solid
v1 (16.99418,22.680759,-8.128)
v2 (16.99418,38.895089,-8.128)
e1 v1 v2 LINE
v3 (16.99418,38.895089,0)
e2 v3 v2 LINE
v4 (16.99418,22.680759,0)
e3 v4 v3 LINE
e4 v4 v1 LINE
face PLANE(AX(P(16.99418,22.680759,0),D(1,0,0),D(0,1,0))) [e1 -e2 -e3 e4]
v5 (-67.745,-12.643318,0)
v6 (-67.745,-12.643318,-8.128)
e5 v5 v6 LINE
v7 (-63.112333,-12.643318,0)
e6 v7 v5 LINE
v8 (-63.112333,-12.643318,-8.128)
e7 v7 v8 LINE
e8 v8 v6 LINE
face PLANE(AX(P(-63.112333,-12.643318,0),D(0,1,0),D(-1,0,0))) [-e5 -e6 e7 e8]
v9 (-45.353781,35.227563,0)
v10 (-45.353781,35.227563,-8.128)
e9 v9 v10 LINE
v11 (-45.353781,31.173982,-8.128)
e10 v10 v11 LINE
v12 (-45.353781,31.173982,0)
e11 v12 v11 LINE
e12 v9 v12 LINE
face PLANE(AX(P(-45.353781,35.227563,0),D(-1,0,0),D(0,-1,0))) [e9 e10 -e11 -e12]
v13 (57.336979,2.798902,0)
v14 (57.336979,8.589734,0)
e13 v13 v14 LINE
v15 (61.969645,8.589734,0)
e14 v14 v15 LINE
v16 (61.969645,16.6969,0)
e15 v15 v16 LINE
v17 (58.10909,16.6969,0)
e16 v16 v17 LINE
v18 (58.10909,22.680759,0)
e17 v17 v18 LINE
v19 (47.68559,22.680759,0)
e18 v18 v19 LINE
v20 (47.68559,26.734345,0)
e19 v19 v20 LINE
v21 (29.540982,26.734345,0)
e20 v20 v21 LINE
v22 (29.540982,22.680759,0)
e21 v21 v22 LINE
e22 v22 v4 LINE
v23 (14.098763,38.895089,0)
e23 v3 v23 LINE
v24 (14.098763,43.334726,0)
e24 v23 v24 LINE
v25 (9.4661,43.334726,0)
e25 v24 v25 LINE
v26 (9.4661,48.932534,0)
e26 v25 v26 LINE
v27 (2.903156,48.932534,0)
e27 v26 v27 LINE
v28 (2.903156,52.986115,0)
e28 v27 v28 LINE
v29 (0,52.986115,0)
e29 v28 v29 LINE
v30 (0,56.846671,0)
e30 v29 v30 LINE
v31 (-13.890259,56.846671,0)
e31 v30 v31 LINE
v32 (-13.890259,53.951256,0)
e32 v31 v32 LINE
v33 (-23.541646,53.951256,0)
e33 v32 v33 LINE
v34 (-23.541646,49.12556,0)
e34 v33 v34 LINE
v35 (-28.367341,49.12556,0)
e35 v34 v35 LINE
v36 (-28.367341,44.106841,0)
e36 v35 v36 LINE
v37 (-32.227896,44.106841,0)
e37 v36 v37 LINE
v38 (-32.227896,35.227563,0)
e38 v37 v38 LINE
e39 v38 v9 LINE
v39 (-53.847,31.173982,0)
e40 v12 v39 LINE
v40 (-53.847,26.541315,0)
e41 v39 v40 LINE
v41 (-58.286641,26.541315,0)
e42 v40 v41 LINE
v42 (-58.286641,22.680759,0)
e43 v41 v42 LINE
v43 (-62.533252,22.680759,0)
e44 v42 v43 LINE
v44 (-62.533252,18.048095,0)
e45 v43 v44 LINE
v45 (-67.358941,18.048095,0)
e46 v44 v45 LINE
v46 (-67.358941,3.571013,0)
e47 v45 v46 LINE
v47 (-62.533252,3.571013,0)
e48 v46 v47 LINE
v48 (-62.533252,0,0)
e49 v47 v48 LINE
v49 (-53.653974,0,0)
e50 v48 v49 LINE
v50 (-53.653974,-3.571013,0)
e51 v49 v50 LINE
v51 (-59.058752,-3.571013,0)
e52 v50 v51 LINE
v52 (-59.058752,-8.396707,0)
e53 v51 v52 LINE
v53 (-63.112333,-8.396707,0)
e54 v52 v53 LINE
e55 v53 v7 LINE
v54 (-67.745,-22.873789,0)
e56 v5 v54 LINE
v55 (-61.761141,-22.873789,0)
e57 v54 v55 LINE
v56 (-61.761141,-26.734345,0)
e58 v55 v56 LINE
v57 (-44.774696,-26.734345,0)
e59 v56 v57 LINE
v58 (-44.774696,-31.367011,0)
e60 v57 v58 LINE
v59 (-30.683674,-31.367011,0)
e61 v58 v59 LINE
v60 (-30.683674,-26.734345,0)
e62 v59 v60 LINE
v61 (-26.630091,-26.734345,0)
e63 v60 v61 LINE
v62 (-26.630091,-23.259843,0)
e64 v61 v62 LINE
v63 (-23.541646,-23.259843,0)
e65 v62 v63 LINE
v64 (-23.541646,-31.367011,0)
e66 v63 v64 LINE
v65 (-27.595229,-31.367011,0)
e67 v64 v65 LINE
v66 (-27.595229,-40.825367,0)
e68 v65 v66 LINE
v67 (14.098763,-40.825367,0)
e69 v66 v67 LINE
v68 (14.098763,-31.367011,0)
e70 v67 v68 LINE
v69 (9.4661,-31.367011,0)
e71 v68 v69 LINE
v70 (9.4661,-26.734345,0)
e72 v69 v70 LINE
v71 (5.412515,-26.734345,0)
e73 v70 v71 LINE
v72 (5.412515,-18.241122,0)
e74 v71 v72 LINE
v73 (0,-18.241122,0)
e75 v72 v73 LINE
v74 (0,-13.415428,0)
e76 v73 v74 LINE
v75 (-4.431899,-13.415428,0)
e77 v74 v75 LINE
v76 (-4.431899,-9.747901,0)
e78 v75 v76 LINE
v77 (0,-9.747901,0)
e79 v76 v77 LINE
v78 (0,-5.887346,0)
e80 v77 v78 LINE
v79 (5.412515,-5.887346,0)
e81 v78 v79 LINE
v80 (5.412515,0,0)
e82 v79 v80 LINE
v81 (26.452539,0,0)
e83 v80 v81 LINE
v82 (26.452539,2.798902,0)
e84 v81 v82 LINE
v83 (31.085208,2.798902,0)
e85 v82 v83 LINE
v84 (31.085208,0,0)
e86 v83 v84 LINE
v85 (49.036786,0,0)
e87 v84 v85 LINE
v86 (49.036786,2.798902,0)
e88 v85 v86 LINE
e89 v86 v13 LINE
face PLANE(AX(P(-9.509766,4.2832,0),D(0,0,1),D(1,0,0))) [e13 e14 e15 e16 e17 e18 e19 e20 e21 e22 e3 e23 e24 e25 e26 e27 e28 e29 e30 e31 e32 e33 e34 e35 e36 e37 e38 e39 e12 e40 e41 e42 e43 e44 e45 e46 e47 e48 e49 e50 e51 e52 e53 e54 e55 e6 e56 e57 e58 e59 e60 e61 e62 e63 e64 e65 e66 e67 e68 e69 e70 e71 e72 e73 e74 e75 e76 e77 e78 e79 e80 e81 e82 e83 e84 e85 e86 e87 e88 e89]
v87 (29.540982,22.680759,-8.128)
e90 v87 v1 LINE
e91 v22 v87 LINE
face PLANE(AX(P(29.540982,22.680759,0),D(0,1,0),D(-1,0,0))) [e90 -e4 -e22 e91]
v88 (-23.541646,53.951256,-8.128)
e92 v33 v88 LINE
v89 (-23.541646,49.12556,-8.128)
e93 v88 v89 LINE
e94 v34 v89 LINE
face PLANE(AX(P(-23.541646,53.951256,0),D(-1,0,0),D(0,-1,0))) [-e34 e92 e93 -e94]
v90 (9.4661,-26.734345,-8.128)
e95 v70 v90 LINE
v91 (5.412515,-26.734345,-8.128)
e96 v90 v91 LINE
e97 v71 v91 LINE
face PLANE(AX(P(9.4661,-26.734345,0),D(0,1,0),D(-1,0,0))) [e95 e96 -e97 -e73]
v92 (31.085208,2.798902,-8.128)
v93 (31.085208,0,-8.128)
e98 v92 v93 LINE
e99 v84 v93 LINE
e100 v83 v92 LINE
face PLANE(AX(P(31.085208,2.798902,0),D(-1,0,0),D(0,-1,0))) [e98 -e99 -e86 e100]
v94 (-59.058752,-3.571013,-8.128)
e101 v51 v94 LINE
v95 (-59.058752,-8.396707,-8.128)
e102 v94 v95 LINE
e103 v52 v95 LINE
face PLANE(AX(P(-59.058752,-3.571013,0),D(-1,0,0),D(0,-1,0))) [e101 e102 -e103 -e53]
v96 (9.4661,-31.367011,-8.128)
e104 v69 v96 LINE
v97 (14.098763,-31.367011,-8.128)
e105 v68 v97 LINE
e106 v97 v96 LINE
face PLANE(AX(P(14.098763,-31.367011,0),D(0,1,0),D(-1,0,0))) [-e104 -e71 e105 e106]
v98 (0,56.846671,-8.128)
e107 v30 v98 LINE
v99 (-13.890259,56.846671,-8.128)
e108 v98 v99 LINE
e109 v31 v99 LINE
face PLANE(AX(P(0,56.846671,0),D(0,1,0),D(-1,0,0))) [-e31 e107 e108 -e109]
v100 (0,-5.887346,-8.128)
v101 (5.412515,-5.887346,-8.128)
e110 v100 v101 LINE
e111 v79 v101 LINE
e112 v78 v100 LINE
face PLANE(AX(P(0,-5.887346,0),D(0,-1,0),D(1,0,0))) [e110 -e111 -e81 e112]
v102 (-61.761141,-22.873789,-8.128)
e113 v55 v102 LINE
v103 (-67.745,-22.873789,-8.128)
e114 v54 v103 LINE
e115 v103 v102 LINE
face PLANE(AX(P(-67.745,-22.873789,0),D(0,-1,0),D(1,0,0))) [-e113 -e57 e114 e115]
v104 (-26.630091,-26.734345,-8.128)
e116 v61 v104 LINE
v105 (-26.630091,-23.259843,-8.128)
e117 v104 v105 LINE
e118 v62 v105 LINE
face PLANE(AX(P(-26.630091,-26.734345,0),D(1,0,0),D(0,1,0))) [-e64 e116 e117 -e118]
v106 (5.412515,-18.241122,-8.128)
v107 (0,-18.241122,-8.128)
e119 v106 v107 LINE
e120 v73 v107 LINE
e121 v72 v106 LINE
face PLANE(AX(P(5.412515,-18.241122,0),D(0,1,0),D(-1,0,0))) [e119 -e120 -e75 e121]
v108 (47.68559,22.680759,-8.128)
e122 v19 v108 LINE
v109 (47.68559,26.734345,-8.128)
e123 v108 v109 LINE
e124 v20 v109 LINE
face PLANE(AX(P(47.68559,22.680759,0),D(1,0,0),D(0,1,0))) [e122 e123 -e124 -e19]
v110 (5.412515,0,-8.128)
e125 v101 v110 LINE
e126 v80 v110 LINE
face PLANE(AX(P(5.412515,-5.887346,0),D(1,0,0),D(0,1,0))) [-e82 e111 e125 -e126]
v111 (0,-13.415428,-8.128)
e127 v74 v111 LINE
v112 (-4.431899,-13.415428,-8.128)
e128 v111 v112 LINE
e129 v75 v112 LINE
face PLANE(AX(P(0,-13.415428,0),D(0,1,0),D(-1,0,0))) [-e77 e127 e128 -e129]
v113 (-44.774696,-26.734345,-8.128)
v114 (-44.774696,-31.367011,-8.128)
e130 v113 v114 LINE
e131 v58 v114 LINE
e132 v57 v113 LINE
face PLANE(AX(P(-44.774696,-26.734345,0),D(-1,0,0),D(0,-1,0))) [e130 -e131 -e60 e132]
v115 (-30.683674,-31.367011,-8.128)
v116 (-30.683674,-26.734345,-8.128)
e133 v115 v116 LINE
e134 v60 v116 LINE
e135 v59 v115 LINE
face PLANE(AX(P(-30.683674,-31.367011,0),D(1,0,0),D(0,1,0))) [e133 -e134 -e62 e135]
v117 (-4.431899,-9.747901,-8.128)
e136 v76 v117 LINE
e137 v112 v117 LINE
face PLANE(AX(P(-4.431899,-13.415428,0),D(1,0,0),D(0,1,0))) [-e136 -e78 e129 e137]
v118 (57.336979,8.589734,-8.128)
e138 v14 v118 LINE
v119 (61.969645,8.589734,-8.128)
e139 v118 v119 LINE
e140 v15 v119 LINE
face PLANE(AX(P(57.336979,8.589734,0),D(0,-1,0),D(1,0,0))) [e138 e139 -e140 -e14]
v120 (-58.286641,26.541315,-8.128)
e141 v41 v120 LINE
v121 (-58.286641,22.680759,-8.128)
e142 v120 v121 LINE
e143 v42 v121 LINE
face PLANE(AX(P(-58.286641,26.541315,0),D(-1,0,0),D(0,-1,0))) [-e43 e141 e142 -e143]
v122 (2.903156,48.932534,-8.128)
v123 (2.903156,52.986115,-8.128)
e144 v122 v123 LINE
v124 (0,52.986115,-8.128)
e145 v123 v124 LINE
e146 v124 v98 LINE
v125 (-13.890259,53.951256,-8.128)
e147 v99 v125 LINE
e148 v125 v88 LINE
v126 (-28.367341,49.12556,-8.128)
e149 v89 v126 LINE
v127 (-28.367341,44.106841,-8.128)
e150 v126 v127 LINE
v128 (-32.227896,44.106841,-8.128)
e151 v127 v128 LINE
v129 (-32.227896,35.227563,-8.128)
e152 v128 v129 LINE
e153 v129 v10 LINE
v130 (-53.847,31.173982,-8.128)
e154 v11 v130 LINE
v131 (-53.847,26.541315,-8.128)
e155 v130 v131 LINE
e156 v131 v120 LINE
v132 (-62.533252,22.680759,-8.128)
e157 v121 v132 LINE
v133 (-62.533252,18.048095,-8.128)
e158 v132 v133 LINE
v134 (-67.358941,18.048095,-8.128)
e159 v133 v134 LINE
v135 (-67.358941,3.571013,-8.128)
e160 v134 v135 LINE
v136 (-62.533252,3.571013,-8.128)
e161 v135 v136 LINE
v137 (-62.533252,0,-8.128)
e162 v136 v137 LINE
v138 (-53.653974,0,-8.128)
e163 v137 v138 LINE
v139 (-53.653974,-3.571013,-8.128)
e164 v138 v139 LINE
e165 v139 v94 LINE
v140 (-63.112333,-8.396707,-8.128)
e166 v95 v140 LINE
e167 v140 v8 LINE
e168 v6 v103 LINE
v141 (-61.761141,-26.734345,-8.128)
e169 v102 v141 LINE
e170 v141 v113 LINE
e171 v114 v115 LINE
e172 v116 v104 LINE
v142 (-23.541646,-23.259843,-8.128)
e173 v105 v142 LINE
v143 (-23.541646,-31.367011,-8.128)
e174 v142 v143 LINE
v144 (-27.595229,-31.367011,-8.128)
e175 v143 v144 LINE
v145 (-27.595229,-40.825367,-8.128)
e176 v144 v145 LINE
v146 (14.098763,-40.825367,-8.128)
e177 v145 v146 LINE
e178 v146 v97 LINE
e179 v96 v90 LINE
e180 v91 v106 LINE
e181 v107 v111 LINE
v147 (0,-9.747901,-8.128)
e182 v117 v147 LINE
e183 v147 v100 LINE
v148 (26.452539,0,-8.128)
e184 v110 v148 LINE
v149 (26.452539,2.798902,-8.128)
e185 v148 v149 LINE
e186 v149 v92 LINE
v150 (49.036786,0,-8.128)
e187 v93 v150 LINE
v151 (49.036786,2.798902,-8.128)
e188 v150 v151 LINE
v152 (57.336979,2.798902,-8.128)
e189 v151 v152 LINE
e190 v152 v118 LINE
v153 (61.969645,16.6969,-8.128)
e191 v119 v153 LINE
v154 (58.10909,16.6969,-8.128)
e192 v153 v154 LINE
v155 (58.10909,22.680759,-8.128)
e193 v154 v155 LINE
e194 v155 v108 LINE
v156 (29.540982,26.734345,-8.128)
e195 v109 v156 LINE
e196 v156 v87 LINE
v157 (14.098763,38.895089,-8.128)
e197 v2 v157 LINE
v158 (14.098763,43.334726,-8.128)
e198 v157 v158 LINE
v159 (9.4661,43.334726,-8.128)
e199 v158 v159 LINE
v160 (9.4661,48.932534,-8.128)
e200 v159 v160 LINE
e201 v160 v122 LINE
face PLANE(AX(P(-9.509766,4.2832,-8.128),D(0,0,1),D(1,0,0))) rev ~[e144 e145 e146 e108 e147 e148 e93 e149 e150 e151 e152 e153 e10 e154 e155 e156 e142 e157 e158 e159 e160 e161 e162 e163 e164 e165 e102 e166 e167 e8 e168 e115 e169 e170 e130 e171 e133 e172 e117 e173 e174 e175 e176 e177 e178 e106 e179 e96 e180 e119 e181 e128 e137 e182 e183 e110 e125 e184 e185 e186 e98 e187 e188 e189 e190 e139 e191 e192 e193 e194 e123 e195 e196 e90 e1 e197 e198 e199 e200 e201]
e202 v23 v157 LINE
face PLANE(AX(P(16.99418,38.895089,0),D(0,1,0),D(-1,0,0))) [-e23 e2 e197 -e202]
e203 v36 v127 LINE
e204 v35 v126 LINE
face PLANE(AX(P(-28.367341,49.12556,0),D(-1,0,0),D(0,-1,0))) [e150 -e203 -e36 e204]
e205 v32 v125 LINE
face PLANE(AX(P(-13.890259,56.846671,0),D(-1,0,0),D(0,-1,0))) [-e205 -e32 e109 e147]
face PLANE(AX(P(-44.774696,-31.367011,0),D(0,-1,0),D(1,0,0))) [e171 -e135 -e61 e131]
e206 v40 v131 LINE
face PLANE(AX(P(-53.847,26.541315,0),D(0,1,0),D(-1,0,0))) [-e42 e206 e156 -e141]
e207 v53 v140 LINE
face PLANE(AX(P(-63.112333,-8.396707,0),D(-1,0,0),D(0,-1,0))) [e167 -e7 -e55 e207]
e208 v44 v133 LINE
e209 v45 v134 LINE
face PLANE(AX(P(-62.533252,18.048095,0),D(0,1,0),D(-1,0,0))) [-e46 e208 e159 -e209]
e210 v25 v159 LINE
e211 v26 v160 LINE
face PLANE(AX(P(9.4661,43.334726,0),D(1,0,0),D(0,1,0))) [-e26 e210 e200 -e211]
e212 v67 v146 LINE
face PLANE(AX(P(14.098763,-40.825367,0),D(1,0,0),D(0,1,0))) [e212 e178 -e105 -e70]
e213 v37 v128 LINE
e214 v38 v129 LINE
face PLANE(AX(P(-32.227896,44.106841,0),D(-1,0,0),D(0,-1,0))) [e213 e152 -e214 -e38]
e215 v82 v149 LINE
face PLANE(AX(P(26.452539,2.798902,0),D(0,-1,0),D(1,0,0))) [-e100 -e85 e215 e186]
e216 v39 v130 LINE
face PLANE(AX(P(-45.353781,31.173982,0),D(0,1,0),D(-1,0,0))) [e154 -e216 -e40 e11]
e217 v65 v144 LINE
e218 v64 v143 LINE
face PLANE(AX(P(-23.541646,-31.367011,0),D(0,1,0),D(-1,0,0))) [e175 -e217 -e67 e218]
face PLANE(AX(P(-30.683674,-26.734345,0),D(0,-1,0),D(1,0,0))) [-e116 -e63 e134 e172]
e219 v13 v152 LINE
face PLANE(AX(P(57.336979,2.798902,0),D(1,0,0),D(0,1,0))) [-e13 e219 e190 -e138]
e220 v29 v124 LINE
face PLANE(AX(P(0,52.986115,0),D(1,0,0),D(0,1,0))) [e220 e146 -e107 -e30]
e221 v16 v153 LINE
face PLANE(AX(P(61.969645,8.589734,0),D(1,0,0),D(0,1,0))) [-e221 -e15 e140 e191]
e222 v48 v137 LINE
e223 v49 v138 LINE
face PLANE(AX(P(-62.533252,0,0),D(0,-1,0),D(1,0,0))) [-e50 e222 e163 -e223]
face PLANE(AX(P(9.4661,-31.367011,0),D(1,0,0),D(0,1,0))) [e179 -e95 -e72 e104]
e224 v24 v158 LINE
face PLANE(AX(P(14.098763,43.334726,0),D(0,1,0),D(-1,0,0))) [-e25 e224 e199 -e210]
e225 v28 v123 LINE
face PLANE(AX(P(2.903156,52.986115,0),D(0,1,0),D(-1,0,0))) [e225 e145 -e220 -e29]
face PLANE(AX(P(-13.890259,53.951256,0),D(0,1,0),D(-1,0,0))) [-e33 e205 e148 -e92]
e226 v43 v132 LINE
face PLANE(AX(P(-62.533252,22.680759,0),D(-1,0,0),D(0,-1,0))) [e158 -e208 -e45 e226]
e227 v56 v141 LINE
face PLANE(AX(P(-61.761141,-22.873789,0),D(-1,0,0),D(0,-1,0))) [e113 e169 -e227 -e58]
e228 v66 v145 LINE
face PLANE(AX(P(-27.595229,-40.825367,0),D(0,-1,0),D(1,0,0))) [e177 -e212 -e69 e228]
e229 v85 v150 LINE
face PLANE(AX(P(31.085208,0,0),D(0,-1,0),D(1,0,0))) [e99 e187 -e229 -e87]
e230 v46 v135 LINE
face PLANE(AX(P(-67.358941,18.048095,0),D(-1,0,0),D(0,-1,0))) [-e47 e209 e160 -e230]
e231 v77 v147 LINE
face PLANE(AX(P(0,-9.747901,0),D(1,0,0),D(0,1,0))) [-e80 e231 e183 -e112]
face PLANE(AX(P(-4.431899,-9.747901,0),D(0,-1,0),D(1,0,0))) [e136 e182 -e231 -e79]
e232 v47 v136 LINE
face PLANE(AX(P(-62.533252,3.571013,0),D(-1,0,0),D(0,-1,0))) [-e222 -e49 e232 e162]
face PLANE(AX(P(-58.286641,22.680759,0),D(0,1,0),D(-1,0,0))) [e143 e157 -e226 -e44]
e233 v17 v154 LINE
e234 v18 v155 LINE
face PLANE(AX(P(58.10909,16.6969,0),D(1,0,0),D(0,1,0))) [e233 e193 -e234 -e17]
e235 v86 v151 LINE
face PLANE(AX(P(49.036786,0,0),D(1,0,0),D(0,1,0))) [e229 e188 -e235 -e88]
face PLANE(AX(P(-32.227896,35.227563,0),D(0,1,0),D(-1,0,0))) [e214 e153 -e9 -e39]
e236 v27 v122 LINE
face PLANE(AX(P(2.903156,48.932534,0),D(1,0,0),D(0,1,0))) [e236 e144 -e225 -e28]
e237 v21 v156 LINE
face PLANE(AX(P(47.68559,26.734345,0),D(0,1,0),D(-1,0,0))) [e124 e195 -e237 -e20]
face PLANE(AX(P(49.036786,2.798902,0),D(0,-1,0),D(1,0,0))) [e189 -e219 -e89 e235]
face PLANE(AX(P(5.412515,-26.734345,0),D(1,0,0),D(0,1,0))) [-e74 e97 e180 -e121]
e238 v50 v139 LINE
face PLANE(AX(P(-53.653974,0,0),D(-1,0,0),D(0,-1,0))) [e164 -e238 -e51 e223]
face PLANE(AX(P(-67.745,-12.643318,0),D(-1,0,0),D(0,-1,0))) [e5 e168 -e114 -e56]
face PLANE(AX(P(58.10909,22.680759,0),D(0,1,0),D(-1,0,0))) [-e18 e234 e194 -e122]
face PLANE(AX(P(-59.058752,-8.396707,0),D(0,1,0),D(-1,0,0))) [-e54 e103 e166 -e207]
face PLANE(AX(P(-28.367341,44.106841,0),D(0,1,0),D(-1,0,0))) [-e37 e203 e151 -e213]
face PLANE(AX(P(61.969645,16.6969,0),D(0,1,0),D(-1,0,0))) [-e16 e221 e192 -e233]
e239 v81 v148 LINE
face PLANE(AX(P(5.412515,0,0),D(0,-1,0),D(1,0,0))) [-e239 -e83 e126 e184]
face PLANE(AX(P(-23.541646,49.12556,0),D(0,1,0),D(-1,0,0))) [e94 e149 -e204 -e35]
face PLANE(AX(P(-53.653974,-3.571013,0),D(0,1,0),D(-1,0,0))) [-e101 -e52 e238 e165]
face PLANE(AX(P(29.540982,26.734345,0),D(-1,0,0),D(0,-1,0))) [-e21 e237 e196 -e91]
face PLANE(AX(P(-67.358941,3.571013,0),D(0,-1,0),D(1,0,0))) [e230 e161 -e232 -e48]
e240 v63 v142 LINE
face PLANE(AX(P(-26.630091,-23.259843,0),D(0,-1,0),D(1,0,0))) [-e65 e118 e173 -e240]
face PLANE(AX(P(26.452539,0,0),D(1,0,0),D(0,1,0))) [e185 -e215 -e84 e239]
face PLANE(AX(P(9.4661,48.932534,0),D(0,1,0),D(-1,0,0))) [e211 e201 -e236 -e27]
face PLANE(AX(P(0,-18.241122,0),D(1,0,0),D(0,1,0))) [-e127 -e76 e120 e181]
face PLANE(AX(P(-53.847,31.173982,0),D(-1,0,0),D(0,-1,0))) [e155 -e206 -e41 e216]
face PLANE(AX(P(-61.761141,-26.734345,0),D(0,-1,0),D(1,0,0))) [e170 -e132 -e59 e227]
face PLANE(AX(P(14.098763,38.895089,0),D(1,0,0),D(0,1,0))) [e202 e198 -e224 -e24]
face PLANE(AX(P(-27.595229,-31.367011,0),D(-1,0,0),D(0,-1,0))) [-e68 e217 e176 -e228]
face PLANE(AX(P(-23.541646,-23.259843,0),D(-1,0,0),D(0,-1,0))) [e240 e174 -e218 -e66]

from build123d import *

# Parameters (mm, degrees)
F1_DEPTH = 8.128


with BuildPart() as f1:
    # F0 (on Top) → F1 (new body)
    with BuildSketch(Plane.XY):
        Polygon((0, 56.846671), (-13.890259, 56.846671), (-13.890259, 53.951256), (-23.541646, 53.951256), (-23.541646, 49.12556), (-28.367341, 49.12556), (-28.367341, 44.106841), (-32.227896, 44.106841), (-32.227896, 35.227563), (-45.353781, 35.227563), (-45.353781, 31.173982), (-53.847, 31.173982), (-53.847, 26.541315), (-58.286641, 26.541315), (-58.286641, 22.680759), (-62.533252, 22.680759), (-62.533252, 18.048095), (-67.358941, 18.048095), (-67.358941, 3.571013), (-62.533252, 3.571013), (-62.533252, 0), (-53.653974, 0), (-53.653974, -3.571013), (-59.058752, -3.571013), (-59.058752, -8.396707), (-63.112333, -8.396707), (-63.112333, -12.643318), (-67.745, -12.643318), (-67.745, -22.873789), (-61.761141, -22.873789), (-61.761141, -26.734345), (-44.774696, -26.734345), (-44.774696, -31.367011), (-30.683674, -31.367011), (-30.683674, -26.734345), (-26.630091, -26.734345), (-26.630091, -23.259843), (-23.541646, -23.259843), (-23.541646, -31.367011), (-27.595229, -31.367011), (-27.595229, -40.825367), (14.098763, -40.825367), (14.098763, -31.367011), (9.4661, -31.367011), (9.4661, -26.734345), (5.412515, -26.734345), (5.412515, -18.241122), (0, -18.241122), (0, -13.415428), (-4.431899, -13.415428), (-4.431899, -9.747901), (0, -9.747901), (0, -5.887346), (5.412515, -5.887346), (5.412515, 0), (26.452539, 0), (26.452539, 2.798902), (31.085208, 2.798902), (31.085208, 0), (49.036786, 0), (49.036786, 2.798902), (57.336979, 2.798902), (57.336979, 8.589734), (61.969645, 8.589734), (61.969645, 16.6969), (58.10909, 16.6969), (58.10909, 22.680759), (47.68559, 22.680759), (47.68559, 26.734345), (29.540982, 26.734345), (29.540982, 22.680759), (16.99418, 22.680759), (16.99418, 38.895089), (14.098763, 38.895089), (14.098763, 43.334726), (9.4661, 43.334726), (9.4661, 48.932534), (2.903156, 48.932534), (2.903156, 52.986115), (0, 52.986115), align=None)
    extrude(amount=-F1_DEPTH)


solid = f1.part
